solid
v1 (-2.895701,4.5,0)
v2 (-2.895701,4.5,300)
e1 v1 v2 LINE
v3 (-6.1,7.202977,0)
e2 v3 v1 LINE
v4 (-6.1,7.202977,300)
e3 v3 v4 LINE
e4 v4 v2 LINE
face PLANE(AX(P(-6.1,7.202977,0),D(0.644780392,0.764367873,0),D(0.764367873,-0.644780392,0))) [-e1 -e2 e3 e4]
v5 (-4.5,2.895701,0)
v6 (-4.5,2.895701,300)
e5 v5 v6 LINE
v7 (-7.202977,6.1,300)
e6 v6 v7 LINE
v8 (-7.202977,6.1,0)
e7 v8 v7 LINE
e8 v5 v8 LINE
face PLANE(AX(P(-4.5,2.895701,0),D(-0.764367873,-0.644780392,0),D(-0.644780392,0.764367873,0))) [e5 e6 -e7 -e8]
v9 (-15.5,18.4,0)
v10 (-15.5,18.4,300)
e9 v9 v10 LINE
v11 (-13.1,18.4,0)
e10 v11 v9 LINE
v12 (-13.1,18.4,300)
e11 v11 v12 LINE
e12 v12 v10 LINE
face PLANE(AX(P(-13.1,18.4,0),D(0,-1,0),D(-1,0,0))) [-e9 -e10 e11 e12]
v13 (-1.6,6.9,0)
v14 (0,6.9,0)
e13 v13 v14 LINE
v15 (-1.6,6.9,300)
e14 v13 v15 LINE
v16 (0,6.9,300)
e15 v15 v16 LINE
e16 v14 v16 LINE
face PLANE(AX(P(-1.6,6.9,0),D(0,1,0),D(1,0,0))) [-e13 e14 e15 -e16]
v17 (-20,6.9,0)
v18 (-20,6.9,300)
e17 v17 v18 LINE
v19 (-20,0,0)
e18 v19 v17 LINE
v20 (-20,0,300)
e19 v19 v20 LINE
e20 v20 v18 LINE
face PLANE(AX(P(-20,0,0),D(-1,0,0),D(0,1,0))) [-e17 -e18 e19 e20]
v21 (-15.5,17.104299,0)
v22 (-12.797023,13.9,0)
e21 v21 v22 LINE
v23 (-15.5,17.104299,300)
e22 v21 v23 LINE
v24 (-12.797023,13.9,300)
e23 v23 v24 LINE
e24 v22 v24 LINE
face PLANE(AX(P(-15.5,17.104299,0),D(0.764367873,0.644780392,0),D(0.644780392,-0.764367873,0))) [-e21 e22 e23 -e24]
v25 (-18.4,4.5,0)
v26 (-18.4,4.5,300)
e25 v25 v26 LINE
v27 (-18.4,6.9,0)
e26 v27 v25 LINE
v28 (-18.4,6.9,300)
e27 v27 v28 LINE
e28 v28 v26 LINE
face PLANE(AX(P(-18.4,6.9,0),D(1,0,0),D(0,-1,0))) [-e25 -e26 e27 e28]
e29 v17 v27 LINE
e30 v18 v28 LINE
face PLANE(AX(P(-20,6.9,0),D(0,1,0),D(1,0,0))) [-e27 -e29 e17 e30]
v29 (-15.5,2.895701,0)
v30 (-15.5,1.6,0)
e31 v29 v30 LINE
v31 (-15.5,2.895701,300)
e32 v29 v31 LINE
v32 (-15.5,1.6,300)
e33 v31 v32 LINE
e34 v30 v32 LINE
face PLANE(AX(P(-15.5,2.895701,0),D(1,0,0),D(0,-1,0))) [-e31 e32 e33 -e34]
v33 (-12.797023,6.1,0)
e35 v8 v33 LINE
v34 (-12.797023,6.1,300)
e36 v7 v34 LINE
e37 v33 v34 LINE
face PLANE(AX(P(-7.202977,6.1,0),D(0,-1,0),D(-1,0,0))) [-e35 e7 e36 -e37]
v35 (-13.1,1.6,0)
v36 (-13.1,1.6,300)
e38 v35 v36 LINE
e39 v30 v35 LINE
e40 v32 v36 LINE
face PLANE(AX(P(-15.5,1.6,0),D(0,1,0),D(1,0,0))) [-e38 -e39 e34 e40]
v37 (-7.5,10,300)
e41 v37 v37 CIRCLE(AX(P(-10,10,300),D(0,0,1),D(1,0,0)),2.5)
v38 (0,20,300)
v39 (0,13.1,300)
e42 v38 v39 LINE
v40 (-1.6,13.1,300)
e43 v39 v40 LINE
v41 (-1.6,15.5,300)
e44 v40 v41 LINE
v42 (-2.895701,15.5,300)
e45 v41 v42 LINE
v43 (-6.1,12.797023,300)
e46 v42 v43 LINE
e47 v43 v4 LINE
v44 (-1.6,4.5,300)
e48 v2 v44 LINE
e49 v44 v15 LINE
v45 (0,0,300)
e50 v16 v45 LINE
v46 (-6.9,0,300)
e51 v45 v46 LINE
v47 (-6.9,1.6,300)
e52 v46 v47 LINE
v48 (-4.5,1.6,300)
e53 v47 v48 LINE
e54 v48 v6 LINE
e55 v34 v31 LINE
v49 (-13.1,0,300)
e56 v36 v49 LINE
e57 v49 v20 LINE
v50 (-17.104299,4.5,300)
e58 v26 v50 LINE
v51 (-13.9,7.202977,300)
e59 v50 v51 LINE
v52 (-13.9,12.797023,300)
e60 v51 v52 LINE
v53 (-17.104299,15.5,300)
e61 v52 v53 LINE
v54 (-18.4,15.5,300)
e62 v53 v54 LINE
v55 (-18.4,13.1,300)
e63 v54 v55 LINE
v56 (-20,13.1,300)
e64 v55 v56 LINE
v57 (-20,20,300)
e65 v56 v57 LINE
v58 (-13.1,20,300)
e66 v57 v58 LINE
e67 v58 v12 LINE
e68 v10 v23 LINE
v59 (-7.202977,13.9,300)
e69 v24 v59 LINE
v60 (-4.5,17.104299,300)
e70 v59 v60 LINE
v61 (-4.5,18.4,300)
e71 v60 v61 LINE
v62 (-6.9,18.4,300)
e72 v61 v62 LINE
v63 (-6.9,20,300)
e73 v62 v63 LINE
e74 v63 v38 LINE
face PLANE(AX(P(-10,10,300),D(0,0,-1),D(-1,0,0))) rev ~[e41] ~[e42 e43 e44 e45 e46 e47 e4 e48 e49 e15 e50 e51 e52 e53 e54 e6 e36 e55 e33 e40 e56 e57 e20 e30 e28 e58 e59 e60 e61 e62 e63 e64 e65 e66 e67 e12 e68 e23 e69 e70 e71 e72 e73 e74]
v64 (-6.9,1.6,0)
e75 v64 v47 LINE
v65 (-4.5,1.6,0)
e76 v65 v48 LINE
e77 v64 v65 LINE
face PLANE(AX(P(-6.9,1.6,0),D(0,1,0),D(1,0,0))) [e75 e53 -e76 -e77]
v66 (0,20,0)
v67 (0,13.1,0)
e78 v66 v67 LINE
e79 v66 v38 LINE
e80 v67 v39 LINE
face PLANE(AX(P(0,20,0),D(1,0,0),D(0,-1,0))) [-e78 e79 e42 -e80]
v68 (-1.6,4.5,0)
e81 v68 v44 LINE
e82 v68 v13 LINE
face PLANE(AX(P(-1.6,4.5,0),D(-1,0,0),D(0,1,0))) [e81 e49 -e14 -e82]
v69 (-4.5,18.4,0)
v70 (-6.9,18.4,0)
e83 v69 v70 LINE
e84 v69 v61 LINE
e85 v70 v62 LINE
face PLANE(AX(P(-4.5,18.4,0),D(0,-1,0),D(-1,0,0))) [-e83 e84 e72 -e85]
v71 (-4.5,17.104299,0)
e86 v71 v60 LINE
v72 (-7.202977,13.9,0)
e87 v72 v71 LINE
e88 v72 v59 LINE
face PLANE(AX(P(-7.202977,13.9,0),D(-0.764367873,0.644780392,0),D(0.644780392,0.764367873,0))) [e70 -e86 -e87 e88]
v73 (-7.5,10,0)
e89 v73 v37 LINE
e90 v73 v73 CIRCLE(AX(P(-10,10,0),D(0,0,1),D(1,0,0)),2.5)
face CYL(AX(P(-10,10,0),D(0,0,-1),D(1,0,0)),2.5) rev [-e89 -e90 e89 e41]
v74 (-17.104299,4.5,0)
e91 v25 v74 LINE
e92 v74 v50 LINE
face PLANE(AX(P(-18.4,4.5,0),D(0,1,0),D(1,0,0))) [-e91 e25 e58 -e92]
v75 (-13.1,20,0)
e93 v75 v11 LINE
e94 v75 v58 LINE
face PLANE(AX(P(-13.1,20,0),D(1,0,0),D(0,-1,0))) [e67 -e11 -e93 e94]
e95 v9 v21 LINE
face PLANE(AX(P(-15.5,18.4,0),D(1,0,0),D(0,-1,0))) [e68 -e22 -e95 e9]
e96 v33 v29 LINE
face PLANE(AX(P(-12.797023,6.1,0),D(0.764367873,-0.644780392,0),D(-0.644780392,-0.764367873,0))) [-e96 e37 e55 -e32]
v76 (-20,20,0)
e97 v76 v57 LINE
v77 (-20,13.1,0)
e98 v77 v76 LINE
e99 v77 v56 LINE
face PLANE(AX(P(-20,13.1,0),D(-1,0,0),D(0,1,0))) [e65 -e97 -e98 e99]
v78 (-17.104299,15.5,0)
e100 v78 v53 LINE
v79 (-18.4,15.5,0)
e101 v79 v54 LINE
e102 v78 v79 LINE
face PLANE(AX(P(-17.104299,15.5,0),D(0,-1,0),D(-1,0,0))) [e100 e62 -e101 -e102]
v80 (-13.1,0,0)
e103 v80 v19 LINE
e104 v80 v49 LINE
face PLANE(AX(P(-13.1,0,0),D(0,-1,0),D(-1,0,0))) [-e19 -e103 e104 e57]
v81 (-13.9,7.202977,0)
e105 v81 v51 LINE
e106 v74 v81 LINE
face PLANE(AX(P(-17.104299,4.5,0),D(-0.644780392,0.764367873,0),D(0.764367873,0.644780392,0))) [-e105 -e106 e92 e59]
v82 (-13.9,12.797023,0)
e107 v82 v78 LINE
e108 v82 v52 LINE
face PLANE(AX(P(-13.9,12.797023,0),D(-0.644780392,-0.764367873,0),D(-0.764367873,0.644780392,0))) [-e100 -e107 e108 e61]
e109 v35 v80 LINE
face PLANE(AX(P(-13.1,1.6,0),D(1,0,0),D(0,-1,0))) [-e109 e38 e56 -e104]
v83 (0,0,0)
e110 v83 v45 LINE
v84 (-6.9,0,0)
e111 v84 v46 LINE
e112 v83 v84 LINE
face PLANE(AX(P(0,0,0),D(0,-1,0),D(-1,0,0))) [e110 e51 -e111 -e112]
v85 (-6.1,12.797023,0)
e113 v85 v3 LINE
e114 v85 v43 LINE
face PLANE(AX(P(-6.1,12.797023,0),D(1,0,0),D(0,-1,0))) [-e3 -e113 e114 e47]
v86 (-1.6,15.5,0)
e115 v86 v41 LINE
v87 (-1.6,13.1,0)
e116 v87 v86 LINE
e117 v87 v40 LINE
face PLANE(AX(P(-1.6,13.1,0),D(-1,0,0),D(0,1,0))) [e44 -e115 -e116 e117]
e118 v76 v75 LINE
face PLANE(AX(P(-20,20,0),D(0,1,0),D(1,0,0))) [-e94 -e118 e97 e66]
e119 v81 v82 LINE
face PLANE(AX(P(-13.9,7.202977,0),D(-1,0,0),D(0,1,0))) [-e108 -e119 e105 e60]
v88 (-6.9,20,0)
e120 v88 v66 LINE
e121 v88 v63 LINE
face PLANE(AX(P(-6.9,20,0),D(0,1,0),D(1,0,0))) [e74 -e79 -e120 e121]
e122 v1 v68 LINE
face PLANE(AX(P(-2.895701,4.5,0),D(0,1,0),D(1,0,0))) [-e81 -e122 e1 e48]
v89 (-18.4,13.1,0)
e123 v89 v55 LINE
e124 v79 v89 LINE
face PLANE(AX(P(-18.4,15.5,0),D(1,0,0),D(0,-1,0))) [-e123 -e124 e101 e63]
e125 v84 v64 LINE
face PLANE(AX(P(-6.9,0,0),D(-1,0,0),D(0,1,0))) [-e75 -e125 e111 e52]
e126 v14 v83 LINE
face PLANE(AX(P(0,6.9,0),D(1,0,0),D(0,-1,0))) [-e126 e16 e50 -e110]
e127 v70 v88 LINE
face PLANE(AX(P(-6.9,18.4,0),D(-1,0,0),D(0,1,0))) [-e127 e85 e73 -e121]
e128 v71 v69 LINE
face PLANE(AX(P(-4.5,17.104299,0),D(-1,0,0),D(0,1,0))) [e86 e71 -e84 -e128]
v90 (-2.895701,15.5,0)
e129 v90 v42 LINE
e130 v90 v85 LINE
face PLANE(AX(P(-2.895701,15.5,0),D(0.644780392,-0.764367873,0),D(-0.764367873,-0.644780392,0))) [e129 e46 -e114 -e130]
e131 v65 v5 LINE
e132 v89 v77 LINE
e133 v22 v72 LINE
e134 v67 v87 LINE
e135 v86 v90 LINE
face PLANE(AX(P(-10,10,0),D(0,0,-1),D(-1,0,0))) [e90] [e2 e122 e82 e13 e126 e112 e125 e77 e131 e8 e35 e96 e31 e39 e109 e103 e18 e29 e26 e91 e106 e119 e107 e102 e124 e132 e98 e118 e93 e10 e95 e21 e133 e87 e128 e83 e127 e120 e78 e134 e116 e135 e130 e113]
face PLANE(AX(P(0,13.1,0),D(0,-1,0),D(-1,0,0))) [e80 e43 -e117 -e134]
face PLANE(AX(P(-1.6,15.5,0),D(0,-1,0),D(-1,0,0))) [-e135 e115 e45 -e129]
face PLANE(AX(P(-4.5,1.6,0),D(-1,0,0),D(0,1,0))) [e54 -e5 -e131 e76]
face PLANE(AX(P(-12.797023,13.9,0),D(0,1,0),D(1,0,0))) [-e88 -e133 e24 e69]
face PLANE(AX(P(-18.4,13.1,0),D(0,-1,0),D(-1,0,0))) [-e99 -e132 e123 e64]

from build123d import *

# Parameters (mm, degrees)
SKETCH_1_R      = 2.5
EXTRUDE_1_DEPTH = 300


with BuildPart() as part:
    # 草图1 → 凸台-拉伸1 (new body)
    with BuildSketch(Plane.XY):
        Polygon((-20, 20), (-13.1, 20), (-13.1, 18.4), (-15.5, 18.4), (-15.5, 17.104298633), (-12.797022805, 13.9), (-7.202977195, 13.9), (-4.5, 17.104298633), (-4.5, 18.4), (-6.9, 18.4), (-6.9, 20), (0, 20), (0, 13.1), (-1.6, 13.1), (-1.6, 15.5), (-2.895701367, 15.5), (-6.1, 12.797022805), (-6.1, 7.202977195), (-2.895701367, 4.5), (-1.6, 4.5), (-1.6, 6.9), (0, 6.9), (0, 0), (-6.9, 0), (-6.9, 1.6), (-4.5, 1.6), (-4.5, 2.895701367), (-7.202977195, 6.1), (-12.797022805, 6.1), (-15.5, 2.895701367), (-15.5, 1.6), (-13.1, 1.6), (-13.1, 0), (-20, 0), (-20, 6.9), (-18.4, 6.9), (-18.4, 4.5), (-17.104298633, 4.5), (-13.9, 7.202977195), (-13.9, 12.797022805), (-17.104298633, 15.5), (-18.4, 15.5), (-18.4, 13.1), (-20, 13.1), align=None)
        with Locations((-10, 10)):
            Circle(SKETCH_1_R, mode=Mode.SUBTRACT)
    extrude(amount=EXTRUDE_1_DEPTH)


solid = part.part
